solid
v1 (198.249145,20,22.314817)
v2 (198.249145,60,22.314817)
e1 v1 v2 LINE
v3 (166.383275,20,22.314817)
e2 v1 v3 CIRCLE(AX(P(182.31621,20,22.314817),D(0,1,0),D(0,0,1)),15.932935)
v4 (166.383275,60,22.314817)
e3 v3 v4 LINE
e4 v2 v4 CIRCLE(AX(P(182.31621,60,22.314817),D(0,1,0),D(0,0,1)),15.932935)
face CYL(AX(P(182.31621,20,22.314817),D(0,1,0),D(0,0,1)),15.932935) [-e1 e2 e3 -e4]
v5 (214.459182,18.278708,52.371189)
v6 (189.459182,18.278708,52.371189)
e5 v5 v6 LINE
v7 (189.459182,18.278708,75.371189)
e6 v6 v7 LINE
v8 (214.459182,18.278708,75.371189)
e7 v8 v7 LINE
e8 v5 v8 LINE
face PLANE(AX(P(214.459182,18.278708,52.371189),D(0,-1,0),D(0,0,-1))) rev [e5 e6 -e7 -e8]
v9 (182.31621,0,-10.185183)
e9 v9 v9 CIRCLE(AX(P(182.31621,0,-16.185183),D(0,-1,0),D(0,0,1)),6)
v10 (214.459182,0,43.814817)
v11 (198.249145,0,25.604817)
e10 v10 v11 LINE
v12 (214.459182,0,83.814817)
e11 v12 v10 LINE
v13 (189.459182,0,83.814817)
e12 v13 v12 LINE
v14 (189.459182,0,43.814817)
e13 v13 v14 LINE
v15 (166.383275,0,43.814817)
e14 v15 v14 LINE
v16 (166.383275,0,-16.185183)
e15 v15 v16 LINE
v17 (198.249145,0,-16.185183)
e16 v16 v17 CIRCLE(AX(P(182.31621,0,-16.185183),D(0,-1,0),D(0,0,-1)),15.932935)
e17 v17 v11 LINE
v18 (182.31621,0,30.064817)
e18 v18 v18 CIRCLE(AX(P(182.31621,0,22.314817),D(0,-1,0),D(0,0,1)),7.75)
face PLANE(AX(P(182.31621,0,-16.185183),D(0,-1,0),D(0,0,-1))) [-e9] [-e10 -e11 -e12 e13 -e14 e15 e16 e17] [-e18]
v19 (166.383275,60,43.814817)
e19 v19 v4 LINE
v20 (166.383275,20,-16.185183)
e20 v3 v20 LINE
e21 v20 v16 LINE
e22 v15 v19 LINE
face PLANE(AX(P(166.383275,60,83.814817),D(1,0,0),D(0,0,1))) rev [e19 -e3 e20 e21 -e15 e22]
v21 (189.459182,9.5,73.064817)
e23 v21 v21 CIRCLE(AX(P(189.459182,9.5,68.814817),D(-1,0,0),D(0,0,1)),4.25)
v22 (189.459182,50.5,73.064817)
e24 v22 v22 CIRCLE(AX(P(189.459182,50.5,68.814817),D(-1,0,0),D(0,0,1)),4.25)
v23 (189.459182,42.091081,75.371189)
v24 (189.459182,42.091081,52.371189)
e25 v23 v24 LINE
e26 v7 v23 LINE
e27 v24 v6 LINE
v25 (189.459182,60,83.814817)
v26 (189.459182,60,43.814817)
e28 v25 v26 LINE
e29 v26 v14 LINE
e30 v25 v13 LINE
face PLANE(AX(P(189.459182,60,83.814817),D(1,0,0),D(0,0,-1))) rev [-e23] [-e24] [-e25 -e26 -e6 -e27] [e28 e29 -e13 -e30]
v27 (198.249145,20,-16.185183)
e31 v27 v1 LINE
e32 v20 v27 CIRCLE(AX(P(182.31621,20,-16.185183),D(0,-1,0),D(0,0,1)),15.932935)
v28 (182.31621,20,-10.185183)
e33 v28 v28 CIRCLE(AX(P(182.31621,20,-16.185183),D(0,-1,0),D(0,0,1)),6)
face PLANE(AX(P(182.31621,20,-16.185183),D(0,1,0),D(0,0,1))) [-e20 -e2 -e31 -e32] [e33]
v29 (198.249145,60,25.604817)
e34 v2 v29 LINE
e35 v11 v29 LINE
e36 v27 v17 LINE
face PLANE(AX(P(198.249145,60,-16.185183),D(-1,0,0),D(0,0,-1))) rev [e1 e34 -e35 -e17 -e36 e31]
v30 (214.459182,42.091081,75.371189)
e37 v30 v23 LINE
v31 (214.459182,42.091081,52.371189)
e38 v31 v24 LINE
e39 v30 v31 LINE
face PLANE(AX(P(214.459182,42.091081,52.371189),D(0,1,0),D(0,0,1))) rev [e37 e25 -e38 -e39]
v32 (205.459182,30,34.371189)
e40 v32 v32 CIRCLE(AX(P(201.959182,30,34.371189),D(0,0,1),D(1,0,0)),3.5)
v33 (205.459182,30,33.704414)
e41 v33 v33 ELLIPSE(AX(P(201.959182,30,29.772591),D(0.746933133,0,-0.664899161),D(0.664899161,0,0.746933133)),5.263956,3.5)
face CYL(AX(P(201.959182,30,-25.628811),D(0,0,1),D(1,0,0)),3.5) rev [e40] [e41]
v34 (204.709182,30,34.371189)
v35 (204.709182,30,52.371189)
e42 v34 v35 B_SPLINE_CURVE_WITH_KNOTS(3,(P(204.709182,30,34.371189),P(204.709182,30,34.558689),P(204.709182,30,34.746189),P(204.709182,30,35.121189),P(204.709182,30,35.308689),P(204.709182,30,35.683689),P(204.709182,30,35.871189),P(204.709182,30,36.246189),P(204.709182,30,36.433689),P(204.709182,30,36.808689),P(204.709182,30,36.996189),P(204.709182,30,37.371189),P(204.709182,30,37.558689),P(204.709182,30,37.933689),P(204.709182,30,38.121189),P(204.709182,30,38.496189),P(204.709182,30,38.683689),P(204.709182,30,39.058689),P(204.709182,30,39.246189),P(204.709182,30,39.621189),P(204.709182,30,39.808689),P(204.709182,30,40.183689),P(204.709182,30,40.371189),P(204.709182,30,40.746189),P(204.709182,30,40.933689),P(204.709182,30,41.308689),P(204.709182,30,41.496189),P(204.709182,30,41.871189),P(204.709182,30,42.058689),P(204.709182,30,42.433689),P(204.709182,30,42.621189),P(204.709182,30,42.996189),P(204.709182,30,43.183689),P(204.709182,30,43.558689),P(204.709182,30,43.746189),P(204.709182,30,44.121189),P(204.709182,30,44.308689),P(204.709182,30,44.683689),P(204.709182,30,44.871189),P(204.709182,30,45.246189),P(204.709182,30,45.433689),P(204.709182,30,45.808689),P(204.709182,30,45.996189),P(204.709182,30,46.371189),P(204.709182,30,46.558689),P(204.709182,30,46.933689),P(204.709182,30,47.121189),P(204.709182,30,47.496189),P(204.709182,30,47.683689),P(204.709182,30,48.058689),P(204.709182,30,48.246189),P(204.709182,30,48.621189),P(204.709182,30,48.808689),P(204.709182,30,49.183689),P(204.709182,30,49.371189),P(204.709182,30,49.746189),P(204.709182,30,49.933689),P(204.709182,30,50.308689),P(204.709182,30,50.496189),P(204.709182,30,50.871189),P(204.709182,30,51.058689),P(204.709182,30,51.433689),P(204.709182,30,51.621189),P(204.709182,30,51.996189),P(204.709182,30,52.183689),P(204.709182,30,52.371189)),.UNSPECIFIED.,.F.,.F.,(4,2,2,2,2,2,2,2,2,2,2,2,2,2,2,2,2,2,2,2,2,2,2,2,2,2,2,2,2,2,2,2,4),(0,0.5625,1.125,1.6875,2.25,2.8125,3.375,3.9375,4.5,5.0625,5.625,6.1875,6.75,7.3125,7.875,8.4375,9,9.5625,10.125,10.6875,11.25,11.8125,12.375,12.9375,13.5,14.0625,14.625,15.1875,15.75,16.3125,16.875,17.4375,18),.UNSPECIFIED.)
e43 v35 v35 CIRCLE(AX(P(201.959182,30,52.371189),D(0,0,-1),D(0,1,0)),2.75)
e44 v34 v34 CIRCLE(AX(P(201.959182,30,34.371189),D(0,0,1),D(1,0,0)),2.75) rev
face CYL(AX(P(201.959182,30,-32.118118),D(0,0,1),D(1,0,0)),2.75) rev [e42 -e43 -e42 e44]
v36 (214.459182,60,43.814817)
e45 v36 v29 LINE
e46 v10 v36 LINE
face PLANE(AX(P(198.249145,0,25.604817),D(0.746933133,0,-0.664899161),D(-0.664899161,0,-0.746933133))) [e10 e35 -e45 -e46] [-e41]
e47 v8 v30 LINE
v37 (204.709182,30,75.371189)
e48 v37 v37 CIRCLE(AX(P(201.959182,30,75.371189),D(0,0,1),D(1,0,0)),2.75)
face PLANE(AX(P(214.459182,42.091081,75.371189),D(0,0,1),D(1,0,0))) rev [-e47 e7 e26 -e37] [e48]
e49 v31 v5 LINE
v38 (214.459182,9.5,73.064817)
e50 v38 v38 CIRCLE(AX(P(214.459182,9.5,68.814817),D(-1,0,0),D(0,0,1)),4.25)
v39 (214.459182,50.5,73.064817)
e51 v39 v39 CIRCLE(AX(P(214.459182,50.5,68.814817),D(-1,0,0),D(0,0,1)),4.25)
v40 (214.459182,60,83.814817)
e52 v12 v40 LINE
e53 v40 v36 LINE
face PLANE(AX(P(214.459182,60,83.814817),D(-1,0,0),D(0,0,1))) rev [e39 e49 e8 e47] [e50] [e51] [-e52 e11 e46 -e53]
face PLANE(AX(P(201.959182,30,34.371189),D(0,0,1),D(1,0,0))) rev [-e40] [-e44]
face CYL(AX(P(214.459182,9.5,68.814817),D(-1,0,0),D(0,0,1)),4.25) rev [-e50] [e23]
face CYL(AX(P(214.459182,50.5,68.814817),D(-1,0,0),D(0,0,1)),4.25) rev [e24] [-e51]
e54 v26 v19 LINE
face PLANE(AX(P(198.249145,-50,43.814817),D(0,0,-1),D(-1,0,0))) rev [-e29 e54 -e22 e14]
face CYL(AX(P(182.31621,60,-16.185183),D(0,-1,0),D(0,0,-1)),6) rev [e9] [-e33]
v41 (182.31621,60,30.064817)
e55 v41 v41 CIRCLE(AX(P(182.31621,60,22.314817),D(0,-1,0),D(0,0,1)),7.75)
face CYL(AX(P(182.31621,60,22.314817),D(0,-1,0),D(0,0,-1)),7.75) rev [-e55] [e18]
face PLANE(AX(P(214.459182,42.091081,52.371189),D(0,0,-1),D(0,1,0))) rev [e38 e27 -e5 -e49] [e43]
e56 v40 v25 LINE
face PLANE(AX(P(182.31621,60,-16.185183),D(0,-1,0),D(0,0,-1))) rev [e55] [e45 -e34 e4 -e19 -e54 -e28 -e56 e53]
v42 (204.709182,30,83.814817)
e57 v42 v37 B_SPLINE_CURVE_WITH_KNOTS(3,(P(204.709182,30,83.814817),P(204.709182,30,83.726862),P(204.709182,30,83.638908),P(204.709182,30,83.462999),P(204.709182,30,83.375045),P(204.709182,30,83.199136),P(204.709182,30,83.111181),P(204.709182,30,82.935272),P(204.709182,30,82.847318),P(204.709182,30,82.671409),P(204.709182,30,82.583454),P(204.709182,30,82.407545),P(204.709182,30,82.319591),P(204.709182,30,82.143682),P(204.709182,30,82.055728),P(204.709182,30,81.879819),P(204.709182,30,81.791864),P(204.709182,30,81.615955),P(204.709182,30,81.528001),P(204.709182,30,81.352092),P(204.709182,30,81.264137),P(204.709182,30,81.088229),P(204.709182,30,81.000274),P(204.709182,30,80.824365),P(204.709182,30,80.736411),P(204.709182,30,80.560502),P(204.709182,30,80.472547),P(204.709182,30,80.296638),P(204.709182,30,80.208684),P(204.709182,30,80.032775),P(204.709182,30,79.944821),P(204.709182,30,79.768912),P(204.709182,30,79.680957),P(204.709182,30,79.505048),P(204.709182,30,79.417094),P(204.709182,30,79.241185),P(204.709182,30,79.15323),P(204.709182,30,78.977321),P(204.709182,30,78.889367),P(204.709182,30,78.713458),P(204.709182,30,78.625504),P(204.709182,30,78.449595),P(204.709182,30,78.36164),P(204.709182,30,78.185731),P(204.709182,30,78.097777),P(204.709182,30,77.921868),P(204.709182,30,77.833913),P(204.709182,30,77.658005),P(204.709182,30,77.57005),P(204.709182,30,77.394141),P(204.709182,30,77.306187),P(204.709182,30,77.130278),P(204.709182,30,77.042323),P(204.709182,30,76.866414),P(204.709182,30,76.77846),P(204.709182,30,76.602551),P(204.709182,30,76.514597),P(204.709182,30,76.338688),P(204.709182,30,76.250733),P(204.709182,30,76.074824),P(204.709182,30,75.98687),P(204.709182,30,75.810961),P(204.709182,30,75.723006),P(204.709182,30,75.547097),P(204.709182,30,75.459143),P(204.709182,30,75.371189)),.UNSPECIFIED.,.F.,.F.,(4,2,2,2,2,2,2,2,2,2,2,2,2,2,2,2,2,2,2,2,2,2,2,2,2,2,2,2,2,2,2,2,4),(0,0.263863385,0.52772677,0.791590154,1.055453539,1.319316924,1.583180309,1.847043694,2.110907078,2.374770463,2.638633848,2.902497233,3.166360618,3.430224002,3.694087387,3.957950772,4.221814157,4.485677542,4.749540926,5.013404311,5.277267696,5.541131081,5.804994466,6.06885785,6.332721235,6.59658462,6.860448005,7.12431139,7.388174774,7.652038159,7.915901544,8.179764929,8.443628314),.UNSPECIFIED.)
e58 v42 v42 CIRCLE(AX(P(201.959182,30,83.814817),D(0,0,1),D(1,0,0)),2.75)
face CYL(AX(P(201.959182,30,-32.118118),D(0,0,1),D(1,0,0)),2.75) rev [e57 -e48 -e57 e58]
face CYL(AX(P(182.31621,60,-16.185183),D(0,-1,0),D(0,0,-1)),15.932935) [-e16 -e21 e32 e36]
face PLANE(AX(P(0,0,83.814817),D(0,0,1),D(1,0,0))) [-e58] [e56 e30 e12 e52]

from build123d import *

# Parameters (mm, degrees)
SKETCH_1_R          = 6
SKETCH_1_R_2        = 7.75
EXTRUDE_1_DEPTH     = 60
CUT_EXTRUDE_START   = -40
SKETCH_3_R          = 15.93293451
CUT_EXTRUDE_1_DEPTH = 40
CUT_EXTRUDE_2_DEPTH = 40
SKETCH_5_R          = 4.25
CUT_EXTRUDE_3_DEPTH = 108.890486757
SKETCH_6_W          = 30
SKETCH_6_H          = 60
SKETCH_6_R          = 4.25
EXTRUDE_2_DEPTH     = 30
SKETCH_8_W          = 30
SKETCH_8_H          = 60
CUT_EXTRUDE_4_DEPTH = 30
SKETCH_10_W         = 31.86586902
SKETCH_10_H         = 40
CUT_EXTRUDE_6_DEPTH = 110
SKETCH_13_W         = 25
SKETCH_13_H         = 60
EXTRUDE_4_DEPTH     = 40
EXTRUDE_5_DEPTH     = 60
SKETCH_15_R         = 4.25
SKETCH_15_W         = 23
SKETCH_15_H         = 23.812373312
CUT_EXTRUDE_7_DEPTH = 107.065656667
SKETCH_16_R         = 2.75
CUT_EXTRUDE_8_DEPTH = 252.064107028
SKETCH_17_R         = 3.5
CUT_EXTRUDE_9_DEPTH = 60


with BuildPart() as part:
    # 草图1 → 凸台-拉伸1 (new body)
    with BuildSketch(Plane(origin=(0, 0, 0), x_dir=(1, 0, 0), z_dir=(0, 1, 0))):
        with BuildLine():
            Line((74.517406475, 16.185183146), (74.517406475, -83.814816854))
            Line((74.517406475, -83.814816854), (106.383275494, -83.814816854))
            Line((106.383275494, -83.814816854), (106.383275494, 16.185183146))
            ThreePointArc((106.383275494, 16.185183146), (90.450340985, 32.118117656), (74.517406475, 16.185183146))
        make_face()
        with Locations(Location((90.450340985, 16.185183146, 0), (0, 0, 270))):
            Circle(SKETCH_1_R, mode=Mode.SUBTRACT)
        with Locations(Location((90.450340985, -22.314816854, 0), (0, 0, 270))):
            Circle(SKETCH_1_R_2, mode=Mode.SUBTRACT)
    extrude(amount=EXTRUDE_1_DEPTH)

    # 草图3 → 切除-拉伸1 (cut)
    with BuildSketch(Plane(origin=(0, 60, 0), x_dir=(1, 0, 0), z_dir=(0, 1, 0)).offset(CUT_EXTRUDE_START)):
        with Locations((90.450340985, 16.185183146)):
            Circle(SKETCH_3_R)
    extrude(amount=CUT_EXTRUDE_1_DEPTH, mode=Mode.SUBTRACT)

    # 草图4 → 切除-拉伸2 (cut)
    with BuildSketch(Plane(origin=(0, 60, 0), x_dir=(1, 0, 0), z_dir=(0, 1, 0))):
        with BuildLine():
            Line((74.517406475, 16.185183146), (74.517406475, -22.314816854))
            ThreePointArc((74.517406475, -22.314816854), (90.450340985, -6.381882344), (106.383275494, -22.314816854))
            Line((106.383275494, -22.314816854), (106.383275494, 16.185183146))
            Line((106.383275494, 16.185183146), (74.517406475, 16.185183146))
        make_face()
    extrude(amount=-CUT_EXTRUDE_2_DEPTH, mode=Mode.SUBTRACT)

    # 草图5 → 切除-拉伸3 (cut, through all)
    with BuildSketch(Plane.ZY.offset(-74.517406475)):
        with Locations((68.814816854, 9.5)):
            Circle(SKETCH_5_R)
        with Locations((68.814816854, 50.5)):
            Circle(SKETCH_5_R)
    extrude(amount=-CUT_EXTRUDE_3_DEPTH, mode=Mode.SUBTRACT)

    # 草图6 → 凸台-拉伸2 (add)
    with BuildSketch(Plane(origin=(106.383275494, 0, 0), x_dir=(0, 0, -1), z_dir=(1, 0, 0))):
        with Locations((-68.814816854, 30)):
            Rectangle(SKETCH_6_W, SKETCH_6_H)
        with Locations(Location((-68.814816854, 50.5, 0), (0, 0, 180))):
            Circle(SKETCH_6_R, mode=Mode.SUBTRACT)
        with Locations(Location((-68.814816854, 9.5, 0), (0, 0, 180))):
            Circle(SKETCH_6_R, mode=Mode.SUBTRACT)
    extrude(amount=EXTRUDE_2_DEPTH)


with BuildPart() as body_2:
    # 镜向1: mirrored copy
    add(part.part.mirror(Plane.ZY.offset(-136.383275494)))

    # 草图8 → 切除-拉伸4 (cut)
    with BuildSketch(Plane.ZY.offset(-136.383275494)):
        with Locations((68.814816854, 30)):
            Rectangle(SKETCH_8_W, SKETCH_8_H)
    extrude(amount=-CUT_EXTRUDE_4_DEPTH, mode=Mode.SUBTRACT)

    # 草图10 → 切除-拉伸6 (cut)
    with BuildSketch(Plane(origin=(0, 60, 0), x_dir=(1, 0, 0), z_dir=(0, 1, 0))):
        with Locations((182.316210004, -63.814816854)):
            Rectangle(SKETCH_10_W, SKETCH_10_H)
    extrude(amount=-CUT_EXTRUDE_6_DEPTH, mode=Mode.SUBTRACT)

    # 草图13 → 凸台-拉伸4 (add)
    with BuildSketch(Plane.XY.offset(43.814816854)):
        with Locations((201.95918151, 30)):
            Rectangle(SKETCH_13_W, SKETCH_13_H)
    extrude(amount=EXTRUDE_4_DEPTH)

    # 草图14 → 凸台-拉伸5 (add)
    with BuildSketch(Plane(origin=(0, 60, 0), x_dir=(1, 0, 0), z_dir=(0, 1, 0))):
        Polygon((214.45918151, -43.814816854), (198.249144514, -43.814816854), (198.249144514, -25.604816854), align=None)
    extrude(amount=-EXTRUDE_5_DEPTH)

    # 草图15 → 切除-拉伸7 (cut, through all)
    with BuildSketch(Plane.ZY.offset(-189.45918151)):
        with Locations((68.814816854, 9.5)):
            Circle(SKETCH_15_R)
        with Locations((68.814816854, 50.5)):
            Circle(SKETCH_15_R)
        with Locations((63.87118854, 30.184894764)):
            Rectangle(SKETCH_15_W, SKETCH_15_H)
    extrude(amount=-CUT_EXTRUDE_7_DEPTH, mode=Mode.SUBTRACT)

    # 草图16 → 切除-拉伸8 (cut, through all)
    with BuildSketch(Plane.XY.offset(83.814816854)):
        with Locations((201.95918151, 30)):
            Circle(SKETCH_16_R)
    extrude(amount=-CUT_EXTRUDE_8_DEPTH, mode=Mode.SUBTRACT)

    # 草图17 → 切除-拉伸9 (cut)
    with BuildSketch(Plane.XY.offset(34.37118854)):
        with Locations((201.95918151, 30)):
            Circle(SKETCH_17_R)
    extrude(amount=-CUT_EXTRUDE_9_DEPTH, mode=Mode.SUBTRACT)


solid = body_2.part
